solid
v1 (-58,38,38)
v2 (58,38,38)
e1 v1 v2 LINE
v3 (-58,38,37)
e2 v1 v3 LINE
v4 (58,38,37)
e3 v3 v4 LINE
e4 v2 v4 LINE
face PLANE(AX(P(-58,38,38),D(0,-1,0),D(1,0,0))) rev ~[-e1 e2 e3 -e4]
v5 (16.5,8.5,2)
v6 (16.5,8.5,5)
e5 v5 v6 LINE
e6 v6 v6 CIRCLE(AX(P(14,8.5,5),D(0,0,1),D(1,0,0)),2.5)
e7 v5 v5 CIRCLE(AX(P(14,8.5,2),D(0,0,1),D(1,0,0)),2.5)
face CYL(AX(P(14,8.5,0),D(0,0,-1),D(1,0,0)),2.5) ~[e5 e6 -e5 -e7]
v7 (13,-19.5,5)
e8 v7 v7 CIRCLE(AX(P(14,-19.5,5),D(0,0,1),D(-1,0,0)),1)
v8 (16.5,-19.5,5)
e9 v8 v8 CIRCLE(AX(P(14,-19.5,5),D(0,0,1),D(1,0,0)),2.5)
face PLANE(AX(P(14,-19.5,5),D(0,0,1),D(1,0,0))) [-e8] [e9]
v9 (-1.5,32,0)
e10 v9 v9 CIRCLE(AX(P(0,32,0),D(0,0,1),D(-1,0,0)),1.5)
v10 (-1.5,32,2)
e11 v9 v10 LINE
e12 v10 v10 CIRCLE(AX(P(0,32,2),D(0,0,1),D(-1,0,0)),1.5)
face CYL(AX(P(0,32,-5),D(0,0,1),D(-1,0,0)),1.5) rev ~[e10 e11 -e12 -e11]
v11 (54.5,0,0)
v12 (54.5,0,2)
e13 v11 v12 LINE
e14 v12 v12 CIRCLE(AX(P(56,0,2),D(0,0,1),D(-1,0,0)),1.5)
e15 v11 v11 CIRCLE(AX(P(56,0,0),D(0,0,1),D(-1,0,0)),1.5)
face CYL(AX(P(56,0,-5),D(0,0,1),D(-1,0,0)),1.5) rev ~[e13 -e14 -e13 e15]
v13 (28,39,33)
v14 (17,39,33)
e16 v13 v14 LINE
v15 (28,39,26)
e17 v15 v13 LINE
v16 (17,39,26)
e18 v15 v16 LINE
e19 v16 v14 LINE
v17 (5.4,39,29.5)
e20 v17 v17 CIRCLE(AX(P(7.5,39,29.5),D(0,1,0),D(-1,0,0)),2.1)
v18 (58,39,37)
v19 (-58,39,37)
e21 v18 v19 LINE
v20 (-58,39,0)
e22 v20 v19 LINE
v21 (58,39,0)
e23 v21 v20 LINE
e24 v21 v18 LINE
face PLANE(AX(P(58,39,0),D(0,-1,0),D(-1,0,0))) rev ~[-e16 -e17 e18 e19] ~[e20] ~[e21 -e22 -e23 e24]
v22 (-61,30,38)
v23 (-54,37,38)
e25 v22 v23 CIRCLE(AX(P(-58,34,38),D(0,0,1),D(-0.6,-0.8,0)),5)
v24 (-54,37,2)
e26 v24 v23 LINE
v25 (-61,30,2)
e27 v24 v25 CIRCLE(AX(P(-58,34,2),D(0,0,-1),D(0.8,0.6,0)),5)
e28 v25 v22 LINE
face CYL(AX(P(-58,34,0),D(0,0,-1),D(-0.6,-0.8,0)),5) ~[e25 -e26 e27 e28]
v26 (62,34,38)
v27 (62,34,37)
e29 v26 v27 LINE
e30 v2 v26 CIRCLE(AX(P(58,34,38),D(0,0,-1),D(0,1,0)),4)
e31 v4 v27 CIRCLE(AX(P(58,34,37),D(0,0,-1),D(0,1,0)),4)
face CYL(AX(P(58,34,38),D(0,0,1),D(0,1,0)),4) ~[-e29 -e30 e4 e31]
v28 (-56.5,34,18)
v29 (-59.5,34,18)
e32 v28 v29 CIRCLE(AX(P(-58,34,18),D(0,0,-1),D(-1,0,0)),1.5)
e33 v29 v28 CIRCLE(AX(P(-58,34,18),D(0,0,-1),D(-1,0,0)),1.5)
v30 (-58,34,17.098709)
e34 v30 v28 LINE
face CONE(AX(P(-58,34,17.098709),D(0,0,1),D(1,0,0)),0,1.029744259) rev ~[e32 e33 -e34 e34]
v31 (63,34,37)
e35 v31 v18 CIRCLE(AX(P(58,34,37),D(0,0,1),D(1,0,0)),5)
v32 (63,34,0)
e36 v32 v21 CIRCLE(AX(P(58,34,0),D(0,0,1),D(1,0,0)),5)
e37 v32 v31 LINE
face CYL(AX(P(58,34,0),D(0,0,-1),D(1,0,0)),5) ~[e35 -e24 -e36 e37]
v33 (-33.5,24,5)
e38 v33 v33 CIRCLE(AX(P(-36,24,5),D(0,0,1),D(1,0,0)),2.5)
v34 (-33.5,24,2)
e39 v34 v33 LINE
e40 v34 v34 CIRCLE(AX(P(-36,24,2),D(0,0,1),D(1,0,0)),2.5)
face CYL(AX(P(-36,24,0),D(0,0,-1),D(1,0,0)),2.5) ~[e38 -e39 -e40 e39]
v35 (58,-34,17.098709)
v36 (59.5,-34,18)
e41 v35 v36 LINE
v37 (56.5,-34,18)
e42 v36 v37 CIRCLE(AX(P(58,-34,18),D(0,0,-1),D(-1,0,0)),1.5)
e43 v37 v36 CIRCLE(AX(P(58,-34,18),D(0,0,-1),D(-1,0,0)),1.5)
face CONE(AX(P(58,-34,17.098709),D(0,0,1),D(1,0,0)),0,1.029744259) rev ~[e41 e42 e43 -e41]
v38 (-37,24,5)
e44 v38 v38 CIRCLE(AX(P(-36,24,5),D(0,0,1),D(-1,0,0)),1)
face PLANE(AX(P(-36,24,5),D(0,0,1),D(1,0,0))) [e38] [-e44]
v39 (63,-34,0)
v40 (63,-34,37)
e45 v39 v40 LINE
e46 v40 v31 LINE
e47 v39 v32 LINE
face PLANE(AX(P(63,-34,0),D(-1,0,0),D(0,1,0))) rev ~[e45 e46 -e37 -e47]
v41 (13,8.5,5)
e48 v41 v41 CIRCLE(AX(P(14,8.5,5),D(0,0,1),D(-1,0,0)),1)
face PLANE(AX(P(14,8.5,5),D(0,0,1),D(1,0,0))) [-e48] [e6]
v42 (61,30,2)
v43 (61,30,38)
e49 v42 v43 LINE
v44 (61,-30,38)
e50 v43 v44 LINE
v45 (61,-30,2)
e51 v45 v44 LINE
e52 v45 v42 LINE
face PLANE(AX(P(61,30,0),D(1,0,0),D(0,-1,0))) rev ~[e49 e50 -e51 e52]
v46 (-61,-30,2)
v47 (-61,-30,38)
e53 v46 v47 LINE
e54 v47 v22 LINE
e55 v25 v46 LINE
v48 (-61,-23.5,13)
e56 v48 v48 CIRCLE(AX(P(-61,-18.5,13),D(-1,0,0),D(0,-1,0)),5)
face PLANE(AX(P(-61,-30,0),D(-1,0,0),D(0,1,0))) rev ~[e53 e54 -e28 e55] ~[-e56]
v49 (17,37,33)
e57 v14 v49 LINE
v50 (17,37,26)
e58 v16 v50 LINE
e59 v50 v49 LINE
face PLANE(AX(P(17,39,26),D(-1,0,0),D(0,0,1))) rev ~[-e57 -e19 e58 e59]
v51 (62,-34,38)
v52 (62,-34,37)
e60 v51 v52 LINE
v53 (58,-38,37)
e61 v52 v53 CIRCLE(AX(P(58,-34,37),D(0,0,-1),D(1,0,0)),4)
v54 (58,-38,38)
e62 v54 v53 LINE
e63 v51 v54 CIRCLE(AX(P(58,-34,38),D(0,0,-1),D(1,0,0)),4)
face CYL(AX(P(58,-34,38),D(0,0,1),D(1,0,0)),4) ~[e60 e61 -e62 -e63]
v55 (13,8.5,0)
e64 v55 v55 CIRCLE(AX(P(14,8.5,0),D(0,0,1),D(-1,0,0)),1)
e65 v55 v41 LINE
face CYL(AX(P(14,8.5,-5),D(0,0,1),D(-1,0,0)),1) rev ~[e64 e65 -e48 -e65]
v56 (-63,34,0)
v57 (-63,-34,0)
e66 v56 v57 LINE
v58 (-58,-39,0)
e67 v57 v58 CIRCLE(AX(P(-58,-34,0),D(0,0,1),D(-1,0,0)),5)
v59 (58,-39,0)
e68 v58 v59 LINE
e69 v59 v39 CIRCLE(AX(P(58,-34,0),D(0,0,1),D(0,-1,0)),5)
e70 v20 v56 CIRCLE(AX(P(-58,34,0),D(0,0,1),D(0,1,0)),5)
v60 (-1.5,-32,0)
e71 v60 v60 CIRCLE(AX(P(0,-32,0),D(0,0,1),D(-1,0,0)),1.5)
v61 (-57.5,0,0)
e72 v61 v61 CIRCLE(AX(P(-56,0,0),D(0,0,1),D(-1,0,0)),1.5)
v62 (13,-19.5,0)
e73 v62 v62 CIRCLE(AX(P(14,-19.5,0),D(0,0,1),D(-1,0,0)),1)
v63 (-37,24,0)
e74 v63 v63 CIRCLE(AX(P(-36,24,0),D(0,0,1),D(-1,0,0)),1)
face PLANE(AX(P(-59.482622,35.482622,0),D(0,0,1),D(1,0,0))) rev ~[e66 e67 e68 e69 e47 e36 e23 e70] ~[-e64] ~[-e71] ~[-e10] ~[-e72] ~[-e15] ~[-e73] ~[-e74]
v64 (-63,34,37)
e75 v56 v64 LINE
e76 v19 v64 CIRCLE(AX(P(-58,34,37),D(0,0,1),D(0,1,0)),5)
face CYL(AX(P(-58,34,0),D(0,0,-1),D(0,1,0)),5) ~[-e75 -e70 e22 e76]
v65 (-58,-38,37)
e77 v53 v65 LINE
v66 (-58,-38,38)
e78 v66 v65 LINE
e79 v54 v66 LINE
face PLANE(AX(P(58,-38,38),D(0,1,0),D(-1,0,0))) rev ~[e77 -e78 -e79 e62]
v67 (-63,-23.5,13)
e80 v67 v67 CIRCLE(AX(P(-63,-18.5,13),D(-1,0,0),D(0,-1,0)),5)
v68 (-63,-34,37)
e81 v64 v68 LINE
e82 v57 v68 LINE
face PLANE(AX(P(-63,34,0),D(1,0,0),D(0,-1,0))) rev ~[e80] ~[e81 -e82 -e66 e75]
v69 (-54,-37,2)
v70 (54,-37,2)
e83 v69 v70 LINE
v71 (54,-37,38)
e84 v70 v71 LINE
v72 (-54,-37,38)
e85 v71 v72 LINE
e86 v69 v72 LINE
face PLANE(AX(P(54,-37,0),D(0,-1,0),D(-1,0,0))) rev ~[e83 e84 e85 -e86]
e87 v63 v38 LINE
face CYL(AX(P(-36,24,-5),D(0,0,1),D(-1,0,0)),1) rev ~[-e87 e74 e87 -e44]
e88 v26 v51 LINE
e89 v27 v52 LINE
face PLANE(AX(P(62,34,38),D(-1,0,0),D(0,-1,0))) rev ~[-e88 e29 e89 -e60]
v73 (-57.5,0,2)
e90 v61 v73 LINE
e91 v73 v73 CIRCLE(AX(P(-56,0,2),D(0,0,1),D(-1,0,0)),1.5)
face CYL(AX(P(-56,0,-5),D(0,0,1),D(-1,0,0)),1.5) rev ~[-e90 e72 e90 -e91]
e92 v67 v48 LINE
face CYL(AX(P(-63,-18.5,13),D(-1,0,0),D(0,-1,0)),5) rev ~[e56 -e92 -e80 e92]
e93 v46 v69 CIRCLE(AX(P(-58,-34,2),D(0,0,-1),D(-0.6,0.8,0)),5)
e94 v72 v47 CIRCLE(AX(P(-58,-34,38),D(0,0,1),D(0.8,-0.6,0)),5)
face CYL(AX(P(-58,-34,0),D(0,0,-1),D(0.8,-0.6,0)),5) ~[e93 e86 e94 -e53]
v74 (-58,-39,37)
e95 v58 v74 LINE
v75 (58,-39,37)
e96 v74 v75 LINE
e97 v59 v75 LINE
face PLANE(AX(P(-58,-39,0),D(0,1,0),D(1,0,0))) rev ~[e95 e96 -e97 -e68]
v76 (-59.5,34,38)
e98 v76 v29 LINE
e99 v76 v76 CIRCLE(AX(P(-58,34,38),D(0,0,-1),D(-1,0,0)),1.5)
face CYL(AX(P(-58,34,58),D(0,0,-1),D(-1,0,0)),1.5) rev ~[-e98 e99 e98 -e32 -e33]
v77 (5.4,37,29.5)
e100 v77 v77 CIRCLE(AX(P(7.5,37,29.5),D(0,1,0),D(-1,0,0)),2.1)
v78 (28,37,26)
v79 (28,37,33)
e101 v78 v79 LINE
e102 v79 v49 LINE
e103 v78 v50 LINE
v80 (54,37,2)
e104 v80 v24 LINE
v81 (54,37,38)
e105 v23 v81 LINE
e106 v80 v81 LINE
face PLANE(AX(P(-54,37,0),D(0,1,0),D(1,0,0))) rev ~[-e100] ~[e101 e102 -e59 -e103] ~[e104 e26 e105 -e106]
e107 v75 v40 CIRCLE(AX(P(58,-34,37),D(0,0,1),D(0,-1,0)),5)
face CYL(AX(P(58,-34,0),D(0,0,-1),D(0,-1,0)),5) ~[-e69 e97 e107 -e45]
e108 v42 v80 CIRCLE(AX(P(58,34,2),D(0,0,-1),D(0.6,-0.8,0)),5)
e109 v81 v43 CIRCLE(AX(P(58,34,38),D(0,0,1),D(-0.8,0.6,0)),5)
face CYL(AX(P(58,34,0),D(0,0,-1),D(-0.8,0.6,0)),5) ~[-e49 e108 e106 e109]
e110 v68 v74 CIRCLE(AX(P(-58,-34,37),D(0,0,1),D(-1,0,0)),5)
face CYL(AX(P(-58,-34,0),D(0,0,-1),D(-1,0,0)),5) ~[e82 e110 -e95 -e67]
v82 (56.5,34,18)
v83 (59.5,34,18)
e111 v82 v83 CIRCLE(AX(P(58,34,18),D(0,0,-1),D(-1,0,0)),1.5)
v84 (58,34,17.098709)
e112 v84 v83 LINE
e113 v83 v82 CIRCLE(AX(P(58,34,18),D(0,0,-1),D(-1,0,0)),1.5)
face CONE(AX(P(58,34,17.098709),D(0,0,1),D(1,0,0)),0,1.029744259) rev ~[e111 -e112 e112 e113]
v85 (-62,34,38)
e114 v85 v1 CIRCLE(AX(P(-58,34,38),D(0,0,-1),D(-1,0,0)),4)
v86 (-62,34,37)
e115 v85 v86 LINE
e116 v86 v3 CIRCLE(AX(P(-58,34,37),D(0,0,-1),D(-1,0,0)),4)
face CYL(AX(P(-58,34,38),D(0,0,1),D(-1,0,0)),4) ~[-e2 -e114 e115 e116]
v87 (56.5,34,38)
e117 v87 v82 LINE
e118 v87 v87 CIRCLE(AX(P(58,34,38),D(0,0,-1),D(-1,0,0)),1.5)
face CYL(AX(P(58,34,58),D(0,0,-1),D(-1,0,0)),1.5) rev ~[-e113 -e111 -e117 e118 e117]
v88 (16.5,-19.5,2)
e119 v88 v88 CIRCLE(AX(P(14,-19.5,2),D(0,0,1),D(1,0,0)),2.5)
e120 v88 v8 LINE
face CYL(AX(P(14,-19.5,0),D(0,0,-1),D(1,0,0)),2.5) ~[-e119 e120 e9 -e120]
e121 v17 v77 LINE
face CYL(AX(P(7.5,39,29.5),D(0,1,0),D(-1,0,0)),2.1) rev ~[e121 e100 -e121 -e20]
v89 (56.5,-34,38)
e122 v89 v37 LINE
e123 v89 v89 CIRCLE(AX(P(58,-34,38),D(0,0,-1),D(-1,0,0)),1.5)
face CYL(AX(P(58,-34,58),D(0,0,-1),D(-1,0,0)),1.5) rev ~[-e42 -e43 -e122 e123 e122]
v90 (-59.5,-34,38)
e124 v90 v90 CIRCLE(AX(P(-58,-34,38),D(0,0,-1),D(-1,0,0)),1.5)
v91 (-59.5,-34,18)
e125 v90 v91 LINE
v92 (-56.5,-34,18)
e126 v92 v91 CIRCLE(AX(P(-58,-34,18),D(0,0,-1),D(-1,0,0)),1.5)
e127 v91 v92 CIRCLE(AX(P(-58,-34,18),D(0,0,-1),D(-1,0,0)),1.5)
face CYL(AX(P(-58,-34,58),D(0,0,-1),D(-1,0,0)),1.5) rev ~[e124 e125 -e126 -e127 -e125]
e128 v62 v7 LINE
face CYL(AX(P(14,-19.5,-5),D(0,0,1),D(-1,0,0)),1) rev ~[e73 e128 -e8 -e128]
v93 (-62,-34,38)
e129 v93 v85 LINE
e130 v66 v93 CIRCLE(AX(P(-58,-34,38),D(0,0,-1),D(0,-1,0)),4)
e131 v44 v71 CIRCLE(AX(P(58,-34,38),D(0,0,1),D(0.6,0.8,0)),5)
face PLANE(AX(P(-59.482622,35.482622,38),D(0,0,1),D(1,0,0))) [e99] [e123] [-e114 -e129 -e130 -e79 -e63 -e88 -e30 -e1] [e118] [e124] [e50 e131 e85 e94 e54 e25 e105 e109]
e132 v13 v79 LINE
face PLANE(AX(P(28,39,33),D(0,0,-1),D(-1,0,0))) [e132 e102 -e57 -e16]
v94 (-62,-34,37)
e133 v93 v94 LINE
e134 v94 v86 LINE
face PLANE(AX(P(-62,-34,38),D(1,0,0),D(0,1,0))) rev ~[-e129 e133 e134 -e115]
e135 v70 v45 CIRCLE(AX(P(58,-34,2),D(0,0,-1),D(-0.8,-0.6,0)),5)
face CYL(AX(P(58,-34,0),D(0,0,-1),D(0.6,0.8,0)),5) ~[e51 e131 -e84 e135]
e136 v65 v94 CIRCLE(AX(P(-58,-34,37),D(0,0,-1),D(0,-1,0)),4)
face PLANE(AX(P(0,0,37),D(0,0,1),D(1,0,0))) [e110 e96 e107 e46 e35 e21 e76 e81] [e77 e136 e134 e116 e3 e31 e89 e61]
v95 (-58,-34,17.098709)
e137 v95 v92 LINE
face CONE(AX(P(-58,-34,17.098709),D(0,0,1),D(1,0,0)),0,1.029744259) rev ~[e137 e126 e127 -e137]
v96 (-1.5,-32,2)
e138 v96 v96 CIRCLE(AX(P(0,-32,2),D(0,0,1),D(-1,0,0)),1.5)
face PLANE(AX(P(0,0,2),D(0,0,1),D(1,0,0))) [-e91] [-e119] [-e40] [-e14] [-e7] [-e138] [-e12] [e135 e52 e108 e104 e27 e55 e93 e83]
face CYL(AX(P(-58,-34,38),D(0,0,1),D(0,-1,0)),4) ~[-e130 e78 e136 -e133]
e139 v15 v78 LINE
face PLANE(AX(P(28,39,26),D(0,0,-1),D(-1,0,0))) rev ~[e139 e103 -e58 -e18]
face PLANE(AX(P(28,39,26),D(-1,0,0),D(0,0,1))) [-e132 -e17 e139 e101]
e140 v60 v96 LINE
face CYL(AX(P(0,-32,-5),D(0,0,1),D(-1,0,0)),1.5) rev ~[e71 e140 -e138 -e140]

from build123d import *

# Parameters (mm, degrees)
F0_W      = 102
F0_H      = 54
F0_R      = 2.5
F1_DEPTH  = 2
F2_DEPTH  = 5
F3_DEPTH  = 38
F4_D      = 3
F4_DEPTH  = 5
F4_TIP    = 0.9012909285
F6_D      = 3
F6_DEPTH  = 20
F6_TIP    = 0.9012909285
F7_DEPTH  = 1
F8_R      = 5
F9_DEPTH  = 2
F10_W     = 11
F10_H     = 7
F10_R     = 2.1
F11_DEPTH = 2
F12_D     = 2
F12_DEPTH = 5
F12_TIP   = 0.600860619


with BuildPart() as f1:
    # F0 (on Top) → F1 (new body)
    with BuildSketch(Plane.XY):
        with BuildLine():
            Line((54, 37), (-54, 37))
            ThreePointArc((-54, 37), (-54.4644660941, 30.4644660941), (-61, 30))
            Line((-61, 30), (-61, -30))
            ThreePointArc((-61, -30), (-54.4644660941, -30.4644660941), (-54, -37))
            Line((-54, -37), (54, -37))
            ThreePointArc((54, -37), (54.4644660941, -30.4644660941), (61, -30))
            Line((61, -30), (61, 30))
            ThreePointArc((61, 30), (54.4644660941, 30.4644660941), (54, 37))
        make_face()
        Rectangle(F0_W, F0_H, mode=Mode.SUBTRACT)
        Rectangle(F0_W, F0_H)
        with Locations((14, -19.5)):
            Circle(F0_R, mode=Mode.SUBTRACT)
        with Locations((-36, 24)):
            Circle(F0_R, mode=Mode.SUBTRACT)
        with Locations((14, 8.5)):
            Circle(F0_R, mode=Mode.SUBTRACT)
    extrude(amount=F1_DEPTH)

    # F0 (on Top) → F2 (join)
    with BuildSketch(Plane.XY):
        with Locations((-36, 24)):
            Circle(F0_R)
        with Locations((14, 8.5)):
            Circle(F0_R)
        with Locations((14, -19.5)):
            Circle(F0_R)
    extrude(amount=F2_DEPTH)

    # F0 (on Top) → F3 (join)
    with BuildSketch(Plane.XY):
        with BuildLine():
            ThreePointArc((-61, 32), (-59.5355339059, 35.5355339059), (-56, 37))
            Line((-56, 37), (-54, 37))
            ThreePointArc((-54, 37), (-55.7639320225, 38.472135955), (-58, 39))
            ThreePointArc((-58, 39), (-61.5355339059, 37.5355339059), (-63, 34))
            ThreePointArc((-63, 34), (-62.472135955, 31.7639320225), (-61, 30))
            Line((-61, 30), (-61, 32))
        make_face()
        with BuildLine():
            ThreePointArc((58, 39), (55.7639320225, 38.472135955), (54, 37))
            Line((54, 37), (56, 37))
            ThreePointArc((56, 37), (59.5355339059, 35.5355339059), (61, 32))
            Line((61, 32), (61, 30))
            ThreePointArc((61, 30), (62.472135955, 31.7639320225), (63, 34))
            ThreePointArc((63, 34), (61.5355339059, 37.5355339059), (58, 39))
        make_face()
        with BuildLine():
            Line((56, 37), (54, 37))
            ThreePointArc((54, 37), (54.4644660941, 30.4644660941), (61, 30))
            Line((61, 30), (61, 32))
            ThreePointArc((61, 32), (59.5355339059, 35.5355339059), (56, 37))
        make_face()
        with BuildLine():
            Line((-54, 37), (-56, 37))
            ThreePointArc((-56, 37), (-59.5355339059, 35.5355339059), (-61, 32))
            Line((-61, 32), (-61, 30))
            ThreePointArc((-61, 30), (-54.4644660941, 30.4644660941), (-54, 37))
        make_face()
        with BuildLine():
            Line((-61, -30), (-61, 30))
            ThreePointArc((-61, 30), (-62.472135955, 31.7639320225), (-63, 34))
            Line((-63, 34), (-63, -34))
            ThreePointArc((-63, -34), (-62.472135955, -31.7639320225), (-61, -30))
        make_face()
        with BuildLine():
            ThreePointArc((-58, 39), (-55.7639320225, 38.472135955), (-54, 37))
            Line((-54, 37), (54, 37))
            ThreePointArc((54, 37), (55.7639320225, 38.472135955), (58, 39))
            Line((58, 39), (-58, 39))
        make_face()
        with BuildLine():
            ThreePointArc((63, 34), (62.472135955, 31.7639320225), (61, 30))
            Line((61, 30), (61, -30))
            ThreePointArc((61, -30), (62.472135955, -31.7639320225), (63, -34))
            Line((63, -34), (63, 34))
        make_face()
        with BuildLine():
            Line((61, -32), (61, -30))
            ThreePointArc((61, -30), (54.4644660941, -30.4644660941), (54, -37))
            Line((54, -37), (56, -37))
            ThreePointArc((56, -37), (59.5355339059, -35.5355339059), (61, -32))
        make_face()
        with BuildLine():
            ThreePointArc((-54, -37), (-54.4644660941, -30.4644660941), (-61, -30))
            Line((-61, -30), (-61, -32))
            ThreePointArc((-61, -32), (-59.5355339059, -35.5355339059), (-56, -37))
            Line((-56, -37), (-54, -37))
        make_face()
        with BuildLine():
            Line((-61, -32), (-61, -30))
            ThreePointArc((-61, -30), (-62.472135955, -31.7639320225), (-63, -34))
            ThreePointArc((-63, -34), (-61.5355339059, -37.5355339059), (-58, -39))
            ThreePointArc((-58, -39), (-55.7639320225, -38.472135955), (-54, -37))
            Line((-54, -37), (-56, -37))
            ThreePointArc((-56, -37), (-59.5355339059, -35.5355339059), (-61, -32))
        make_face()
        with BuildLine():
            Line((54, -37), (-54, -37))
            ThreePointArc((-54, -37), (-55.7639320225, -38.472135955), (-58, -39))
            Line((-58, -39), (58, -39))
            ThreePointArc((58, -39), (55.7639320225, -38.472135955), (54, -37))
        make_face()
        with BuildLine():
            ThreePointArc((63, -34), (62.472135955, -31.7639320225), (61, -30))
            Line((61, -30), (61, -32))
            ThreePointArc((61, -32), (59.5355339059, -35.5355339059), (56, -37))
            Line((56, -37), (54, -37))
            ThreePointArc((54, -37), (55.7639320225, -38.472135955), (58, -39))
            ThreePointArc((58, -39), (61.5355339059, -37.5355339059), (63, -34))
        make_face()
    extrude(amount=F3_DEPTH)

    # F4
    with Locations(Plane(origin=(0, 0, 0), x_dir=(1, 0, 0), z_dir=(0, 0, -1))):
        with Locations((56, 0), (-56, 0), (0, 32), (0, -32)):
            Hole(F4_D / 2, depth=F4_DEPTH)
            with Locations((0, 0, -(F4_DEPTH + F4_TIP / 2))):  # 118° drill point
                Cone(0, F4_D / 2, F4_TIP, mode=Mode.SUBTRACT)

    # F6
    with Locations(Plane.XY.offset(38)):
        with Locations((-58, 34), (58, 34), (58, -34), (-58, -34)):
            Hole(F6_D / 2, depth=F6_DEPTH)
            with Locations((0, 0, -(F6_DEPTH + F6_TIP / 2))):  # 118° drill point
                Cone(0, F6_D / 2, F6_TIP, mode=Mode.SUBTRACT)

    # F5 (on face) → F7 (cut)
    with BuildSketch(Plane.XY.offset(38)):
        with BuildLine():
            ThreePointArc((58, -39), (61.5355339059, -37.5355339059), (63, -34))
            Line((63, -34), (63, 34))
            ThreePointArc((63, 34), (61.5355339059, 37.5355339059), (58, 39))
            Line((58, 39), (-58, 39))
            ThreePointArc((-58, 39), (-61.5355339059, 37.5355339059), (-63, 34))
            Line((-63, 34), (-63, -34))
            ThreePointArc((-63, -34), (-61.5355339059, -37.5355339059), (-58, -39))
            Line((-58, -39), (58, -39))
        make_face()
        with BuildLine():
            ThreePointArc((58, 38), (60.8284271247, 36.8284271247), (62, 34))
            Line((62, 34), (62, -34))
            ThreePointArc((62, -34), (60.8284271247, -36.8284271247), (58, -38))
            Line((58, -38), (-58, -38))
            ThreePointArc((-58, -38), (-60.8284271247, -36.8284271247), (-62, -34))
            Line((-62, -34), (-62, 34))
            ThreePointArc((-62, 34), (-60.8284271247, 36.8284271247), (-58, 38))
            Line((-58, 38), (58, 38))
        make_face(mode=Mode.SUBTRACT)
    extrude(amount=-F7_DEPTH, mode=Mode.SUBTRACT)

    # F8 (on face) → F9 (cut, through all)
    with BuildSketch(Plane(origin=(-63, 0, 0), x_dir=(0, -1, 0), z_dir=(-1, 0, 0))):
        with Locations((18.5, 13)):
            Circle(F8_R)
    extrude(amount=-F9_DEPTH, mode=Mode.SUBTRACT)

    # F10 (on face) → F11 (cut, through all)
    with BuildSketch(Plane(origin=(0, 39, 0), x_dir=(-1, 0, 0), z_dir=(0, 1, 0))):
        with Locations((-22.5, 29.5)):
            Rectangle(F10_W, F10_H)
        with Locations((-7.5, 29.5)):
            Circle(F10_R)
    extrude(amount=-F11_DEPTH, mode=Mode.SUBTRACT)

    # F12
    with Locations(Plane(origin=(0, 0, 0), x_dir=(1, 0, 0), z_dir=(0, 0, -1))):
        with Locations((-36, -24), (14, -8.5), (14, 19.5)):
            Hole(F12_D / 2, depth=F12_DEPTH)
            with Locations((0, 0, -(F12_DEPTH + F12_TIP / 2))):  # 118° drill point
                Cone(0, F12_D / 2, F12_TIP, mode=Mode.SUBTRACT)


solid = f1.part
